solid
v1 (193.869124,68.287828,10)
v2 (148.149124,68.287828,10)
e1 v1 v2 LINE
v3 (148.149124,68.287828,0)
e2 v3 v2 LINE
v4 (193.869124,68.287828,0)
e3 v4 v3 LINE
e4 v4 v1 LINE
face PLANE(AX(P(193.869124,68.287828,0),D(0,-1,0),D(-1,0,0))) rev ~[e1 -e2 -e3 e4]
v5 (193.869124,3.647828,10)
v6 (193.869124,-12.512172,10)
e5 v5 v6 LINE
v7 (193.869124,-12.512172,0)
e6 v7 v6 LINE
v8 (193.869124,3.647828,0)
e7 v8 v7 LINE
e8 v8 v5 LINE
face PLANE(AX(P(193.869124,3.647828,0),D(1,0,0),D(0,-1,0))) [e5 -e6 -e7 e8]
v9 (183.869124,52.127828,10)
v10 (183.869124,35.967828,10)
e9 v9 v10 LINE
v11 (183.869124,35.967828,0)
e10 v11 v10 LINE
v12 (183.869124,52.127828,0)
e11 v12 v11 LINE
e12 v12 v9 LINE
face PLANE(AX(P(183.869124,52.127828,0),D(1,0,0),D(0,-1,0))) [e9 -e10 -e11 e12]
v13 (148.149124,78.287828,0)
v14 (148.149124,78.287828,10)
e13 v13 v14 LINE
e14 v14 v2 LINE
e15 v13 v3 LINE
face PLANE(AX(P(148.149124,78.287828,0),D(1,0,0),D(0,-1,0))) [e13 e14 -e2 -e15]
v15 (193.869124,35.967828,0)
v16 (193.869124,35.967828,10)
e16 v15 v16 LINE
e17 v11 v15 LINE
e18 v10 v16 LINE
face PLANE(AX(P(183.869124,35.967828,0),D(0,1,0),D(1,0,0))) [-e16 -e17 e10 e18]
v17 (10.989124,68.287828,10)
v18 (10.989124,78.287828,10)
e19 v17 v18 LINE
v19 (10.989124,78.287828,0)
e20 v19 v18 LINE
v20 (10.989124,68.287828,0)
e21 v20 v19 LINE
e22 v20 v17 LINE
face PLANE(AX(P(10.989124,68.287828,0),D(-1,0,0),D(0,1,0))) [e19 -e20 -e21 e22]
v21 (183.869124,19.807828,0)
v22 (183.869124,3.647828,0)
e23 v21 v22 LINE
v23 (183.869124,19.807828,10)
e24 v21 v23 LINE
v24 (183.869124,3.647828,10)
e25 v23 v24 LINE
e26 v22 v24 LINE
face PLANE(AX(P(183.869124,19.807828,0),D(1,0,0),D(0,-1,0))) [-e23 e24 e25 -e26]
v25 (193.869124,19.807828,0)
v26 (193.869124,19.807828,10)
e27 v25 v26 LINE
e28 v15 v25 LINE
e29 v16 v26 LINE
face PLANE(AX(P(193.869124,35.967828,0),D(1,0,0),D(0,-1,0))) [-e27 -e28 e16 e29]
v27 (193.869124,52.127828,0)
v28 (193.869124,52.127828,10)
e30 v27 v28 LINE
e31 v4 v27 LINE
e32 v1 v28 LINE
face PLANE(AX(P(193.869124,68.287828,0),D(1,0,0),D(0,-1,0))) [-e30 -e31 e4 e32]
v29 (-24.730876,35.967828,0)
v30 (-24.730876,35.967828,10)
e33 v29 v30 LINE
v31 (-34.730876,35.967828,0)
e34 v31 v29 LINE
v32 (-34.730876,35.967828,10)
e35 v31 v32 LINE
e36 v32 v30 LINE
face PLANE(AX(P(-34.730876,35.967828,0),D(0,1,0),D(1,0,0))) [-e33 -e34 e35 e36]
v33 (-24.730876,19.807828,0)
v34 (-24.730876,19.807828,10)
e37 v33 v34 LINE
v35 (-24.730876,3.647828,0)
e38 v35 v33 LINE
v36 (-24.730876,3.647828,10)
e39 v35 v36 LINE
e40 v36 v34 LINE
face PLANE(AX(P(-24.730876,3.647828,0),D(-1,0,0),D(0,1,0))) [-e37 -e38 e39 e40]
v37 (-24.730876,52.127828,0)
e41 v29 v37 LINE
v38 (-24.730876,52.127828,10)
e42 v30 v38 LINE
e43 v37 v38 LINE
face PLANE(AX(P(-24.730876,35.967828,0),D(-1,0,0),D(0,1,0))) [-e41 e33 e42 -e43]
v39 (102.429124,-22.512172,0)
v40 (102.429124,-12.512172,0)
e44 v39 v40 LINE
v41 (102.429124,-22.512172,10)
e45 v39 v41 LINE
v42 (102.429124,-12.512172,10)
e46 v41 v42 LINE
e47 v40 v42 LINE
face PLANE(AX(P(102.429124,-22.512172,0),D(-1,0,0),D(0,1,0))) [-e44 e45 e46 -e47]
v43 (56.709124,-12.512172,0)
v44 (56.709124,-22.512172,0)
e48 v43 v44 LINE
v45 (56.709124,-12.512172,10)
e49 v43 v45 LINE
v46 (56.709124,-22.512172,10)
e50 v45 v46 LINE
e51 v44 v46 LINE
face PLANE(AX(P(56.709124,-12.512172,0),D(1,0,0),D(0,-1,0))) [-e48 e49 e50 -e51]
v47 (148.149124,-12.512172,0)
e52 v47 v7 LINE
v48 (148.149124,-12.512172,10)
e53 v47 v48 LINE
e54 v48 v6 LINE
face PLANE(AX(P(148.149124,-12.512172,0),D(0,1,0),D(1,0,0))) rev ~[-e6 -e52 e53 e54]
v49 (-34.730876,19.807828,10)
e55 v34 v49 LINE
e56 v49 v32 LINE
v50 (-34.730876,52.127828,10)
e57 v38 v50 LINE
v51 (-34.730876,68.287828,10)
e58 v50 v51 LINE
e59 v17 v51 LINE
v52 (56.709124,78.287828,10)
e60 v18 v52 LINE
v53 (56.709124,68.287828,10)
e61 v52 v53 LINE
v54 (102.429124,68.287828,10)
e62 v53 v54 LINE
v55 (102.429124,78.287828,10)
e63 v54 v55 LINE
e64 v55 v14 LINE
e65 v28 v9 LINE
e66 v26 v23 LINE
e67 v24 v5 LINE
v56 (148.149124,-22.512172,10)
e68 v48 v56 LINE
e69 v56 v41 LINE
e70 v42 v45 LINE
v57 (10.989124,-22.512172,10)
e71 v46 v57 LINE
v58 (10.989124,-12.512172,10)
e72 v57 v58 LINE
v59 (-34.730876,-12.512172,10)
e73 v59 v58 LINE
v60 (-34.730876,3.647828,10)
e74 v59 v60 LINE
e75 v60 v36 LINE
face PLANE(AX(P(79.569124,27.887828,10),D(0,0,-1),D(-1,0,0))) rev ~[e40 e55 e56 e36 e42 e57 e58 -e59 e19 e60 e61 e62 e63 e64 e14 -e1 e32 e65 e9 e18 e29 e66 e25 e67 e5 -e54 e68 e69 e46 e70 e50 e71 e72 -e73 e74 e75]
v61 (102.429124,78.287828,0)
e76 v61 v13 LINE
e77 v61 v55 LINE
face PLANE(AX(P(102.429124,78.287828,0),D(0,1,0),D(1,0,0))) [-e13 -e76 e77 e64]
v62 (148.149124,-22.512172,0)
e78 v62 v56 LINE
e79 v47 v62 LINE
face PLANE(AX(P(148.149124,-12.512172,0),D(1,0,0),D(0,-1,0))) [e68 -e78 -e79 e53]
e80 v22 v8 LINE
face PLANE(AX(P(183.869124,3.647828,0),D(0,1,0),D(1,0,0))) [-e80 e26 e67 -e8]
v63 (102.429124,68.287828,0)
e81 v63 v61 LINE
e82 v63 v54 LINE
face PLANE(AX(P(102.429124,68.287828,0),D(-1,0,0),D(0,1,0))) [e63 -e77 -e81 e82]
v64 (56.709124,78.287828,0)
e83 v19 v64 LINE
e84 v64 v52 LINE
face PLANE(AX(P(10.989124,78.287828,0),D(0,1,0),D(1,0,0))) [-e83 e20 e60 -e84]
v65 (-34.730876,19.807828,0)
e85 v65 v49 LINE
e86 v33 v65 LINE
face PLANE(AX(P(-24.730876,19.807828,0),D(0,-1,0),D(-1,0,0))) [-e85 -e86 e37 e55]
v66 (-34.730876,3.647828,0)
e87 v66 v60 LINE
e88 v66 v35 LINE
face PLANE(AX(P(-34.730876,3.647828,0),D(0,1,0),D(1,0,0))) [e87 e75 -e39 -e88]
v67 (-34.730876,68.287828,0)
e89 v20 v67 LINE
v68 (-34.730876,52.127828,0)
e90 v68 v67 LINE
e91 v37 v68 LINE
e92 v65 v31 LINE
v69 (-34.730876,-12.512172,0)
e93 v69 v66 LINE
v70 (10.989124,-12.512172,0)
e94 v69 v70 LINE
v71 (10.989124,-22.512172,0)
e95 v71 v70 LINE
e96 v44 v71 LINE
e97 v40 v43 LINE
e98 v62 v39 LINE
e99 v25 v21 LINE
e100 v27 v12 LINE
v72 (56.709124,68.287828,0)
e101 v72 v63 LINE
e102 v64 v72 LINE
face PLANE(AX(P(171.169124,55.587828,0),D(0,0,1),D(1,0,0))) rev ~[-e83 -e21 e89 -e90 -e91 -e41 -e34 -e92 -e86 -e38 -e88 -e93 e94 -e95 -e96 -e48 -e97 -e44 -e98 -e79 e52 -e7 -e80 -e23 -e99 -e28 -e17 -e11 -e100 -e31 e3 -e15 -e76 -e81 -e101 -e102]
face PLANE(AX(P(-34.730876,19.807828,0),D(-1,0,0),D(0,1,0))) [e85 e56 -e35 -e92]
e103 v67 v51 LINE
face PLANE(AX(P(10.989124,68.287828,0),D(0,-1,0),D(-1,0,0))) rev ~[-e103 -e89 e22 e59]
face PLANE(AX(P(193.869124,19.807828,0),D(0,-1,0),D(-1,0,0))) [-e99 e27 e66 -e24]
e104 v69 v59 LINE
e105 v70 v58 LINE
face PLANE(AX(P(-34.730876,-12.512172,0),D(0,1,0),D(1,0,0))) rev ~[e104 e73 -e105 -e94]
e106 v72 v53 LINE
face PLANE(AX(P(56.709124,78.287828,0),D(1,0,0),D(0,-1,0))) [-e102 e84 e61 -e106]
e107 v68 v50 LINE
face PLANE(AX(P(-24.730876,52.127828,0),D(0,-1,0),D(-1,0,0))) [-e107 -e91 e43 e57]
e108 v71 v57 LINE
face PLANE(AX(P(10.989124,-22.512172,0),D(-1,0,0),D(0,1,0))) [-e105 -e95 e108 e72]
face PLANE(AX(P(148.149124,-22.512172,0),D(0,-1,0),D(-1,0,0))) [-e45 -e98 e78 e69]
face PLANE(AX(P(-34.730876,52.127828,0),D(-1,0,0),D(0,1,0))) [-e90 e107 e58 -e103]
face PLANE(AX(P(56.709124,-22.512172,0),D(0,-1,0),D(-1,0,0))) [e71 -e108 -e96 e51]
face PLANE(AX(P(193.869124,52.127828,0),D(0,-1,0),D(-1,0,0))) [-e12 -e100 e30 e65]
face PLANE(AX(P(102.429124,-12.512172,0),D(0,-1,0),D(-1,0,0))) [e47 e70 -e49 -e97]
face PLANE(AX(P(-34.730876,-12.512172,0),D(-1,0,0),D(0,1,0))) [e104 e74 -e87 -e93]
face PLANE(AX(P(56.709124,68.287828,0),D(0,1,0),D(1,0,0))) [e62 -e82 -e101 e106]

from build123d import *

# Parameters (mm, degrees)
SKETCH3_R           = 4
BOSS_EXTRUDE2_DEPTH = 10


with BuildPart() as part:
    # Sketch3 → Boss-Extrude2 (new body)
    # profile 1 of 5: a face of its own
    with BuildSketch(Plane.XY):
        Polygon((102.429124183, -12.51217232), (56.709124183, -12.51217232), (56.709124183, -22.51217232), (10.989124183, -22.51217232), (10.989124183, -12.51217232), (-24.730875817, -12.51217232), (-34.730875817, -12.51217232), (-34.730875817, 3.64782768), (-24.730875817, 3.64782768), (-24.730875817, 19.80782768), (-34.730875817, 19.80782768), (-34.730875817, 35.96782768), (-24.730875817, 35.96782768), (-24.730875817, 52.12782768), (-34.730875817, 52.12782768), (-34.730875817, 68.28782768), (-24.730875817, 68.28782768), (10.989124183, 68.28782768), (10.989124183, 78.28782768), (56.709124183, 78.28782768), (56.709124183, 68.28782768), (102.429124183, 68.28782768), (102.429124183, 78.28782768), (148.149124183, 78.28782768), (148.149124183, 68.28782768), (183.869124183, 68.28782768), (193.869124183, 68.28782768), (193.869124183, 52.12782768), (183.869124183, 52.12782768), (183.869124183, 35.96782768), (193.869124183, 35.96782768), (193.869124183, 19.80782768), (183.869124183, 19.80782768), (183.869124183, 3.64782768), (193.869124183, 3.64782768), (193.869124183, -12.51217232), (183.869124183, -12.51217232), (148.149124183, -12.51217232), (148.149124183, -22.51217232), (102.429124183, -22.51217232), align=None)
        with Locations((-12.030875817, 55.58782768)):
            Circle(SKETCH3_R, mode=Mode.SUBTRACT)
        with Locations((171.169124183, 55.58782768)):
            Circle(SKETCH3_R, mode=Mode.SUBTRACT)
        with Locations((-12.030875817, 0.18782768)):
            Circle(SKETCH3_R, mode=Mode.SUBTRACT)
        with Locations((171.169124183, 0.18782768)):
            Circle(SKETCH3_R, mode=Mode.SUBTRACT)
    # profile 2 of 5: a face of its own
    with BuildSketch(Plane.XY):
        with Locations((-12.030875817, 55.58782768)):
            Circle(SKETCH3_R)
    # profile 3 of 5: a face of its own
    with BuildSketch(Plane.XY):
        with Locations((-12.030875817, 0.18782768)):
            Circle(SKETCH3_R)
    # profile 4 of 5: a face of its own
    with BuildSketch(Plane.XY):
        with Locations((171.169124183, 0.18782768)):
            Circle(SKETCH3_R)
    # profile 5 of 5: a face of its own
    with BuildSketch(Plane.XY):
        with Locations((171.169124183, 55.58782768)):
            Circle(SKETCH3_R)
    extrude(amount=BOSS_EXTRUDE2_DEPTH)


solid = part.part
